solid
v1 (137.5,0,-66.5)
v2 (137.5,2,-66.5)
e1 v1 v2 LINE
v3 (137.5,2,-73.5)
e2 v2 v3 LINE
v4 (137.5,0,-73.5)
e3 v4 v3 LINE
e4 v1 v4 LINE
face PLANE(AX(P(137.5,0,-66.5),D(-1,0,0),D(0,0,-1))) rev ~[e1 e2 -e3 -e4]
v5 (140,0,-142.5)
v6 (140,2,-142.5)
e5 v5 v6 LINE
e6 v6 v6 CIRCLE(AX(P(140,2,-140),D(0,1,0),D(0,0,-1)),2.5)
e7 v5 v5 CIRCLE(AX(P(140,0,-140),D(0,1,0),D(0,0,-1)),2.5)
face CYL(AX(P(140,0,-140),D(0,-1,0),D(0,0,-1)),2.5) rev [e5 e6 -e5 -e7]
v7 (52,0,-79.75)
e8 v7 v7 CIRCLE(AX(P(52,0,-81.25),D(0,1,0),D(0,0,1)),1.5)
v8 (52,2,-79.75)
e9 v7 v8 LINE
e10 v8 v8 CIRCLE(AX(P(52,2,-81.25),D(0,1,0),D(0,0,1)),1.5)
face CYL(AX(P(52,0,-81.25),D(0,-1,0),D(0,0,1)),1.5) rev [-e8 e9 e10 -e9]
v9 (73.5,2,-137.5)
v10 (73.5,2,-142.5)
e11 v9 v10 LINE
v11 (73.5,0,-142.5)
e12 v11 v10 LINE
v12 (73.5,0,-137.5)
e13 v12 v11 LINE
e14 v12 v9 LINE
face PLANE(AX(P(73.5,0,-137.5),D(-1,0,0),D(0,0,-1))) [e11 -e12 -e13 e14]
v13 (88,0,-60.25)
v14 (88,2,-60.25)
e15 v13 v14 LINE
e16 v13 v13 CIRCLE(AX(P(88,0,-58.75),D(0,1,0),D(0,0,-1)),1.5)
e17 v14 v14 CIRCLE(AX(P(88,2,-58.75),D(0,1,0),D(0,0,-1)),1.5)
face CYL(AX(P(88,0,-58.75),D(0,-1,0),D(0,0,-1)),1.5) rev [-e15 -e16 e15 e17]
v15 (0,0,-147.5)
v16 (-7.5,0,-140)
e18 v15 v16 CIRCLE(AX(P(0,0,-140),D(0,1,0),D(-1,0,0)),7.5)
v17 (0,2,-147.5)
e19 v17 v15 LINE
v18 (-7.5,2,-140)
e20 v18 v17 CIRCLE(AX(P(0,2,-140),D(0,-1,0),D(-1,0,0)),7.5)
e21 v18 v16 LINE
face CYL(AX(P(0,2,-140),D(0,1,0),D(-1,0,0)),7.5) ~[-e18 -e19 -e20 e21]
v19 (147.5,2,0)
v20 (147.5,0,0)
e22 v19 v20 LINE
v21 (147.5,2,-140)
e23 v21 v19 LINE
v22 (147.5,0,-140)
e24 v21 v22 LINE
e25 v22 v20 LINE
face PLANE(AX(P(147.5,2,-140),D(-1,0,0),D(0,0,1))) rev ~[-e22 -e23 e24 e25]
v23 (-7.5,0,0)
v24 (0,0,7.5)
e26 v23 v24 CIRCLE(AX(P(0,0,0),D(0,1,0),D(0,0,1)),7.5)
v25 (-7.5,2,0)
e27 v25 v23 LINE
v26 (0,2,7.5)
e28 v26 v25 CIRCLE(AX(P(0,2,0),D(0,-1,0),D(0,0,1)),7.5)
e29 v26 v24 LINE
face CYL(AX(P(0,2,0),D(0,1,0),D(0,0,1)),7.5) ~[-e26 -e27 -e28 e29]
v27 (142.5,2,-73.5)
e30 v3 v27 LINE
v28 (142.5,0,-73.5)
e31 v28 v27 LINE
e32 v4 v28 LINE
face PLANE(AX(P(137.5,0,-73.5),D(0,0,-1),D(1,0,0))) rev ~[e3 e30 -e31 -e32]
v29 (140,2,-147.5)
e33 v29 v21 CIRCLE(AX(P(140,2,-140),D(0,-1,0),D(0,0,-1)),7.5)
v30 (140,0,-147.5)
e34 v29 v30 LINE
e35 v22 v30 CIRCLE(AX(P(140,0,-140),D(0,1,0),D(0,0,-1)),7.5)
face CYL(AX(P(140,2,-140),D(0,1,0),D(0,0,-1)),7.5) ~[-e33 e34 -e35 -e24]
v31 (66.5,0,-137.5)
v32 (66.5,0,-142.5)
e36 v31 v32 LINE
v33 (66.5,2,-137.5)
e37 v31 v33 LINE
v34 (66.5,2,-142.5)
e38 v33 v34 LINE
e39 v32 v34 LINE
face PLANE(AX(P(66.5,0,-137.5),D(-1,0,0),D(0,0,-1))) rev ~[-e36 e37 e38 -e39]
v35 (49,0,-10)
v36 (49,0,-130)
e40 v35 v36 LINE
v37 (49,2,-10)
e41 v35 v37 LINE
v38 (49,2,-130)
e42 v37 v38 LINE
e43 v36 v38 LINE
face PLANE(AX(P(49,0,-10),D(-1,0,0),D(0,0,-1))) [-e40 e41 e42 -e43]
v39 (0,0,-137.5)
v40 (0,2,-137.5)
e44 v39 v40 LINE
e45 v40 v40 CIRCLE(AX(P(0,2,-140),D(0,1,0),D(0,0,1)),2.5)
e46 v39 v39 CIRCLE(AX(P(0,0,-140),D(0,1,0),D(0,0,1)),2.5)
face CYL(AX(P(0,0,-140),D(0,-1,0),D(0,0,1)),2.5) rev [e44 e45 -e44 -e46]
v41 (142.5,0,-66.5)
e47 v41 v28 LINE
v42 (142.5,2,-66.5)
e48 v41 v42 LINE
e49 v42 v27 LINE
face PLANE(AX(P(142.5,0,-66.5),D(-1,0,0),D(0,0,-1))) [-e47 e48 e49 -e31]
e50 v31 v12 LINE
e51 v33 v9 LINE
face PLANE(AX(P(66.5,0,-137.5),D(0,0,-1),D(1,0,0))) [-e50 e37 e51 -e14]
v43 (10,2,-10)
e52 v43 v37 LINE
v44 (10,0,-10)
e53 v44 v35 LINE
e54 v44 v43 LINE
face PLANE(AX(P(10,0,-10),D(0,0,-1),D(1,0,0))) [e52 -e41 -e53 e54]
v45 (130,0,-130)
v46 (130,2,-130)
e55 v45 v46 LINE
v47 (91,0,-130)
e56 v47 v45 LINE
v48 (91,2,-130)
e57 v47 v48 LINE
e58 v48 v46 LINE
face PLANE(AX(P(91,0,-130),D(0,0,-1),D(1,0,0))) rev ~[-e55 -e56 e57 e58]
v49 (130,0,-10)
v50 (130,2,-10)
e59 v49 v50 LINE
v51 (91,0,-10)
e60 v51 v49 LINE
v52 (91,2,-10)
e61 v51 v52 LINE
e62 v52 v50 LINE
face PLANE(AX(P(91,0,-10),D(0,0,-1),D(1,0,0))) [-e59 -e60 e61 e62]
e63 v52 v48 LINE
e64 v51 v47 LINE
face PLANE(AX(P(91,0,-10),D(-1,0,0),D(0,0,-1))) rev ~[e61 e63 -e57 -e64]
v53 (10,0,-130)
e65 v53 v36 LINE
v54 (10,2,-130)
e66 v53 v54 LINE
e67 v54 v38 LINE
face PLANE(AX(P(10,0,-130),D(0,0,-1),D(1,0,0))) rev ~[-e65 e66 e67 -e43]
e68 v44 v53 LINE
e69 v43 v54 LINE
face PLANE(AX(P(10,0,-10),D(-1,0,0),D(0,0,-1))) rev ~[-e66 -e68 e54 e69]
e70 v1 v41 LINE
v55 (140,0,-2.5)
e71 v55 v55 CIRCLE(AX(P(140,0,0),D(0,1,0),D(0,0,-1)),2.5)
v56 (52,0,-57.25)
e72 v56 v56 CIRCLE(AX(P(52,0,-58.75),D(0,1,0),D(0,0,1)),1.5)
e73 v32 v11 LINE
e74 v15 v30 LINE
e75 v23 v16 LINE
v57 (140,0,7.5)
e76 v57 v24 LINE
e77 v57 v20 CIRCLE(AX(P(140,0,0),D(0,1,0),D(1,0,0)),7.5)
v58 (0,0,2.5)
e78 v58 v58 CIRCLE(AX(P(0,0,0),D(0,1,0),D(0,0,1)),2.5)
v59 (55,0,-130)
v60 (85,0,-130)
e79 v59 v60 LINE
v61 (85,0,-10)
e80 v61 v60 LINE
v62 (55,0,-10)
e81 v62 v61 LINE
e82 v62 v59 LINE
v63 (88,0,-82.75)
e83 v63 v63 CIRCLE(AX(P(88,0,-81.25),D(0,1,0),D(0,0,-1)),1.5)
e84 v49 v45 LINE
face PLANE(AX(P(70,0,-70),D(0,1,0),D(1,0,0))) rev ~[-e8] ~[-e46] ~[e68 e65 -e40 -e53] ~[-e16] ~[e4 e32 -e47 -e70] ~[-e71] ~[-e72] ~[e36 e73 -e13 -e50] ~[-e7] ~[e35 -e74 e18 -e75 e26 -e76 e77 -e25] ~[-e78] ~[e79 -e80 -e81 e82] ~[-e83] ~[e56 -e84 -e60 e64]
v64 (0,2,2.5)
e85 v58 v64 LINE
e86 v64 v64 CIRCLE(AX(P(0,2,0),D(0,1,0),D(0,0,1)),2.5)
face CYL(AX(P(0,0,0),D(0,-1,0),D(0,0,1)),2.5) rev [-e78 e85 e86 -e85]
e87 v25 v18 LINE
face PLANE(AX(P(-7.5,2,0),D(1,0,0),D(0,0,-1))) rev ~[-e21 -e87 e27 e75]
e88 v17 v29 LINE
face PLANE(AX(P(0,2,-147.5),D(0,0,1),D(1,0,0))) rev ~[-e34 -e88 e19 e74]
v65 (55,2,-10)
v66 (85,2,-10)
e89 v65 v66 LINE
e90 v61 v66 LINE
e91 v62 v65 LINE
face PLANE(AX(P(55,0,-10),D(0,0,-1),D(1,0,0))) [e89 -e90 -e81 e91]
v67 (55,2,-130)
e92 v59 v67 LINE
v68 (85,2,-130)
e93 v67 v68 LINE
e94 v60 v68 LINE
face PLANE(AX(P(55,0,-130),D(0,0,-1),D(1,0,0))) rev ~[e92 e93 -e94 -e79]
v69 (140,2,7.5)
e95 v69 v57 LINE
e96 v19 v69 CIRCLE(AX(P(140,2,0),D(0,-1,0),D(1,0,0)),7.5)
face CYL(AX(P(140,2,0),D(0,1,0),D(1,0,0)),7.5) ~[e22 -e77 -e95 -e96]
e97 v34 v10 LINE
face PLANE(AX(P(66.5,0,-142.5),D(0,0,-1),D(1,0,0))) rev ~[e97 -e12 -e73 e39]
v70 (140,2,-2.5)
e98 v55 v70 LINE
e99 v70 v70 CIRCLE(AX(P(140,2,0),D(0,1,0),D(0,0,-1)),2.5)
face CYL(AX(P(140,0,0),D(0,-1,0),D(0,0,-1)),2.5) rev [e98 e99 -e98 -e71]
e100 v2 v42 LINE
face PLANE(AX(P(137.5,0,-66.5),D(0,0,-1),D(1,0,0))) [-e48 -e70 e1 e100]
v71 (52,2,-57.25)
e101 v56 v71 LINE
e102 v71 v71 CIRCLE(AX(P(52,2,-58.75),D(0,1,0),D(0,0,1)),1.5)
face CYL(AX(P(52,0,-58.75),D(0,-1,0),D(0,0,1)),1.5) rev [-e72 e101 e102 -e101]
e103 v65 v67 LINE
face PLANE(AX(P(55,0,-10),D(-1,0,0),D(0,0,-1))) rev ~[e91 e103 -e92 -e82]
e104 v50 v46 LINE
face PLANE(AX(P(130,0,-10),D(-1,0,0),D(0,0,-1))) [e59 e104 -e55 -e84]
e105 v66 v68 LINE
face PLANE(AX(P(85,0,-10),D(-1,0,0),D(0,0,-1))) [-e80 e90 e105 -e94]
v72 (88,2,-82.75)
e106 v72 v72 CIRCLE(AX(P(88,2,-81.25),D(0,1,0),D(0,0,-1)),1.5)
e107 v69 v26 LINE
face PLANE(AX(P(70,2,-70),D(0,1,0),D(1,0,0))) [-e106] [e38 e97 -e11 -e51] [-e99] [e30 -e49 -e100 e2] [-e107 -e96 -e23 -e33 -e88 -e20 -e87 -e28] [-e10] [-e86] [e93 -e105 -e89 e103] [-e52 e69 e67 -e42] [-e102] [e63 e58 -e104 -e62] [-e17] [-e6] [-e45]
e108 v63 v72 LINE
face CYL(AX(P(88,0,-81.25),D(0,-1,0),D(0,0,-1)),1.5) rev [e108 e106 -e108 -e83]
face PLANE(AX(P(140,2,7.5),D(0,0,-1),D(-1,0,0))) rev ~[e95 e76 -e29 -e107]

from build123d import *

# Parameters (mm, degrees)
CROQUIS1_W              = 160
CROQUIS1_H              = 160
CROQUIS1_R              = 1.5
CROQUIS1_R_2            = 2.5
CROQUIS1_W_2            = 39
CROQUIS1_H_2            = 120
CROQUIS1_W_3            = 30
CROQUIS1_W_4            = 5
CROQUIS1_H_3            = 7
CROQUIS1_W_5            = 7
CROQUIS1_H_4            = 5
SALIENTE_EXTRUIR1_DEPTH = 2
CROQUIS2_W              = 160
CROQUIS2_H              = 160
CORTAR_EXTRUIR1_DEPTH   = 10


with BuildPart() as part:
    # Croquis1 → Saliente-Extruir1 (new body)
    with BuildSketch(Plane(origin=(0, 0, 0), x_dir=(1, 0, 0), z_dir=(0, 1, 0))):
        with Locations((70, 70)):
            Rectangle(CROQUIS1_W, CROQUIS1_H)
        with Locations(Location((52, 81.25, 0), (0, 0, 270))):
            Circle(CROQUIS1_R, mode=Mode.SUBTRACT)
        with Locations(Location((52, 58.75, 0), (0, 0, 270))):
            Circle(CROQUIS1_R, mode=Mode.SUBTRACT)
        with Locations(Location((0, 140, 0), (0, 0, 270))):
            Circle(CROQUIS1_R_2, mode=Mode.SUBTRACT)
        with Locations(Location((0, 0, 0), (0, 0, 270))):
            Circle(CROQUIS1_R_2, mode=Mode.SUBTRACT)
        with Locations(Location((88, 81.25, 0), (0, 0, 90))):
            Circle(CROQUIS1_R, mode=Mode.SUBTRACT)
        with Locations(Location((88, 58.75, 0), (0, 0, 90))):
            Circle(CROQUIS1_R, mode=Mode.SUBTRACT)
        with Locations(Location((140, 0, 0), (0, 0, 90))):
            Circle(CROQUIS1_R_2, mode=Mode.SUBTRACT)
        with Locations(Location((140, 140, 0), (0, 0, 90))):
            Circle(CROQUIS1_R_2, mode=Mode.SUBTRACT)
        with Locations((29.5, 70)):
            Rectangle(CROQUIS1_W_2, CROQUIS1_H_2, mode=Mode.SUBTRACT)
        with Locations((110.5, 70)):
            Rectangle(CROQUIS1_W_2, CROQUIS1_H_2, mode=Mode.SUBTRACT)
        with Locations((70, 70)):
            Rectangle(CROQUIS1_W_3, CROQUIS1_H_2, mode=Mode.SUBTRACT)
        with Locations((140, 70)):
            Rectangle(CROQUIS1_W_4, CROQUIS1_H_3, mode=Mode.SUBTRACT)
        with Locations((70, 140)):
            Rectangle(CROQUIS1_W_5, CROQUIS1_H_4, mode=Mode.SUBTRACT)
    extrude(amount=SALIENTE_EXTRUIR1_DEPTH)

    # Croquis2 → Cortar-Extruir1 (cut)
    with BuildSketch(Plane(origin=(0, 2, 0), x_dir=(1, 0, 0), z_dir=(0, 1, 0))):
        with Locations((70, 70)):
            Rectangle(CROQUIS2_W, CROQUIS2_H)
        with BuildLine():
            Line((0, 147.5), (140, 147.5))
            ThreePointArc((140, 147.5), (145.303300859, 145.303300859), (147.5, 140))
            Line((147.5, 140), (147.5, 0))
            ThreePointArc((147.5, 0), (145.303300859, -5.303300859), (140, -7.5))
            Line((140, -7.5), (0, -7.5))
            ThreePointArc((0, -7.5), (-5.303300859, -5.303300859), (-7.5, 0))
            Line((-7.5, 0), (-7.5, 140))
            ThreePointArc((-7.5, 140), (-5.303300859, 145.303300859), (0, 147.5))
        make_face(mode=Mode.SUBTRACT)
    extrude(amount=-CORTAR_EXTRUIR1_DEPTH, mode=Mode.SUBTRACT)


solid = part.part
